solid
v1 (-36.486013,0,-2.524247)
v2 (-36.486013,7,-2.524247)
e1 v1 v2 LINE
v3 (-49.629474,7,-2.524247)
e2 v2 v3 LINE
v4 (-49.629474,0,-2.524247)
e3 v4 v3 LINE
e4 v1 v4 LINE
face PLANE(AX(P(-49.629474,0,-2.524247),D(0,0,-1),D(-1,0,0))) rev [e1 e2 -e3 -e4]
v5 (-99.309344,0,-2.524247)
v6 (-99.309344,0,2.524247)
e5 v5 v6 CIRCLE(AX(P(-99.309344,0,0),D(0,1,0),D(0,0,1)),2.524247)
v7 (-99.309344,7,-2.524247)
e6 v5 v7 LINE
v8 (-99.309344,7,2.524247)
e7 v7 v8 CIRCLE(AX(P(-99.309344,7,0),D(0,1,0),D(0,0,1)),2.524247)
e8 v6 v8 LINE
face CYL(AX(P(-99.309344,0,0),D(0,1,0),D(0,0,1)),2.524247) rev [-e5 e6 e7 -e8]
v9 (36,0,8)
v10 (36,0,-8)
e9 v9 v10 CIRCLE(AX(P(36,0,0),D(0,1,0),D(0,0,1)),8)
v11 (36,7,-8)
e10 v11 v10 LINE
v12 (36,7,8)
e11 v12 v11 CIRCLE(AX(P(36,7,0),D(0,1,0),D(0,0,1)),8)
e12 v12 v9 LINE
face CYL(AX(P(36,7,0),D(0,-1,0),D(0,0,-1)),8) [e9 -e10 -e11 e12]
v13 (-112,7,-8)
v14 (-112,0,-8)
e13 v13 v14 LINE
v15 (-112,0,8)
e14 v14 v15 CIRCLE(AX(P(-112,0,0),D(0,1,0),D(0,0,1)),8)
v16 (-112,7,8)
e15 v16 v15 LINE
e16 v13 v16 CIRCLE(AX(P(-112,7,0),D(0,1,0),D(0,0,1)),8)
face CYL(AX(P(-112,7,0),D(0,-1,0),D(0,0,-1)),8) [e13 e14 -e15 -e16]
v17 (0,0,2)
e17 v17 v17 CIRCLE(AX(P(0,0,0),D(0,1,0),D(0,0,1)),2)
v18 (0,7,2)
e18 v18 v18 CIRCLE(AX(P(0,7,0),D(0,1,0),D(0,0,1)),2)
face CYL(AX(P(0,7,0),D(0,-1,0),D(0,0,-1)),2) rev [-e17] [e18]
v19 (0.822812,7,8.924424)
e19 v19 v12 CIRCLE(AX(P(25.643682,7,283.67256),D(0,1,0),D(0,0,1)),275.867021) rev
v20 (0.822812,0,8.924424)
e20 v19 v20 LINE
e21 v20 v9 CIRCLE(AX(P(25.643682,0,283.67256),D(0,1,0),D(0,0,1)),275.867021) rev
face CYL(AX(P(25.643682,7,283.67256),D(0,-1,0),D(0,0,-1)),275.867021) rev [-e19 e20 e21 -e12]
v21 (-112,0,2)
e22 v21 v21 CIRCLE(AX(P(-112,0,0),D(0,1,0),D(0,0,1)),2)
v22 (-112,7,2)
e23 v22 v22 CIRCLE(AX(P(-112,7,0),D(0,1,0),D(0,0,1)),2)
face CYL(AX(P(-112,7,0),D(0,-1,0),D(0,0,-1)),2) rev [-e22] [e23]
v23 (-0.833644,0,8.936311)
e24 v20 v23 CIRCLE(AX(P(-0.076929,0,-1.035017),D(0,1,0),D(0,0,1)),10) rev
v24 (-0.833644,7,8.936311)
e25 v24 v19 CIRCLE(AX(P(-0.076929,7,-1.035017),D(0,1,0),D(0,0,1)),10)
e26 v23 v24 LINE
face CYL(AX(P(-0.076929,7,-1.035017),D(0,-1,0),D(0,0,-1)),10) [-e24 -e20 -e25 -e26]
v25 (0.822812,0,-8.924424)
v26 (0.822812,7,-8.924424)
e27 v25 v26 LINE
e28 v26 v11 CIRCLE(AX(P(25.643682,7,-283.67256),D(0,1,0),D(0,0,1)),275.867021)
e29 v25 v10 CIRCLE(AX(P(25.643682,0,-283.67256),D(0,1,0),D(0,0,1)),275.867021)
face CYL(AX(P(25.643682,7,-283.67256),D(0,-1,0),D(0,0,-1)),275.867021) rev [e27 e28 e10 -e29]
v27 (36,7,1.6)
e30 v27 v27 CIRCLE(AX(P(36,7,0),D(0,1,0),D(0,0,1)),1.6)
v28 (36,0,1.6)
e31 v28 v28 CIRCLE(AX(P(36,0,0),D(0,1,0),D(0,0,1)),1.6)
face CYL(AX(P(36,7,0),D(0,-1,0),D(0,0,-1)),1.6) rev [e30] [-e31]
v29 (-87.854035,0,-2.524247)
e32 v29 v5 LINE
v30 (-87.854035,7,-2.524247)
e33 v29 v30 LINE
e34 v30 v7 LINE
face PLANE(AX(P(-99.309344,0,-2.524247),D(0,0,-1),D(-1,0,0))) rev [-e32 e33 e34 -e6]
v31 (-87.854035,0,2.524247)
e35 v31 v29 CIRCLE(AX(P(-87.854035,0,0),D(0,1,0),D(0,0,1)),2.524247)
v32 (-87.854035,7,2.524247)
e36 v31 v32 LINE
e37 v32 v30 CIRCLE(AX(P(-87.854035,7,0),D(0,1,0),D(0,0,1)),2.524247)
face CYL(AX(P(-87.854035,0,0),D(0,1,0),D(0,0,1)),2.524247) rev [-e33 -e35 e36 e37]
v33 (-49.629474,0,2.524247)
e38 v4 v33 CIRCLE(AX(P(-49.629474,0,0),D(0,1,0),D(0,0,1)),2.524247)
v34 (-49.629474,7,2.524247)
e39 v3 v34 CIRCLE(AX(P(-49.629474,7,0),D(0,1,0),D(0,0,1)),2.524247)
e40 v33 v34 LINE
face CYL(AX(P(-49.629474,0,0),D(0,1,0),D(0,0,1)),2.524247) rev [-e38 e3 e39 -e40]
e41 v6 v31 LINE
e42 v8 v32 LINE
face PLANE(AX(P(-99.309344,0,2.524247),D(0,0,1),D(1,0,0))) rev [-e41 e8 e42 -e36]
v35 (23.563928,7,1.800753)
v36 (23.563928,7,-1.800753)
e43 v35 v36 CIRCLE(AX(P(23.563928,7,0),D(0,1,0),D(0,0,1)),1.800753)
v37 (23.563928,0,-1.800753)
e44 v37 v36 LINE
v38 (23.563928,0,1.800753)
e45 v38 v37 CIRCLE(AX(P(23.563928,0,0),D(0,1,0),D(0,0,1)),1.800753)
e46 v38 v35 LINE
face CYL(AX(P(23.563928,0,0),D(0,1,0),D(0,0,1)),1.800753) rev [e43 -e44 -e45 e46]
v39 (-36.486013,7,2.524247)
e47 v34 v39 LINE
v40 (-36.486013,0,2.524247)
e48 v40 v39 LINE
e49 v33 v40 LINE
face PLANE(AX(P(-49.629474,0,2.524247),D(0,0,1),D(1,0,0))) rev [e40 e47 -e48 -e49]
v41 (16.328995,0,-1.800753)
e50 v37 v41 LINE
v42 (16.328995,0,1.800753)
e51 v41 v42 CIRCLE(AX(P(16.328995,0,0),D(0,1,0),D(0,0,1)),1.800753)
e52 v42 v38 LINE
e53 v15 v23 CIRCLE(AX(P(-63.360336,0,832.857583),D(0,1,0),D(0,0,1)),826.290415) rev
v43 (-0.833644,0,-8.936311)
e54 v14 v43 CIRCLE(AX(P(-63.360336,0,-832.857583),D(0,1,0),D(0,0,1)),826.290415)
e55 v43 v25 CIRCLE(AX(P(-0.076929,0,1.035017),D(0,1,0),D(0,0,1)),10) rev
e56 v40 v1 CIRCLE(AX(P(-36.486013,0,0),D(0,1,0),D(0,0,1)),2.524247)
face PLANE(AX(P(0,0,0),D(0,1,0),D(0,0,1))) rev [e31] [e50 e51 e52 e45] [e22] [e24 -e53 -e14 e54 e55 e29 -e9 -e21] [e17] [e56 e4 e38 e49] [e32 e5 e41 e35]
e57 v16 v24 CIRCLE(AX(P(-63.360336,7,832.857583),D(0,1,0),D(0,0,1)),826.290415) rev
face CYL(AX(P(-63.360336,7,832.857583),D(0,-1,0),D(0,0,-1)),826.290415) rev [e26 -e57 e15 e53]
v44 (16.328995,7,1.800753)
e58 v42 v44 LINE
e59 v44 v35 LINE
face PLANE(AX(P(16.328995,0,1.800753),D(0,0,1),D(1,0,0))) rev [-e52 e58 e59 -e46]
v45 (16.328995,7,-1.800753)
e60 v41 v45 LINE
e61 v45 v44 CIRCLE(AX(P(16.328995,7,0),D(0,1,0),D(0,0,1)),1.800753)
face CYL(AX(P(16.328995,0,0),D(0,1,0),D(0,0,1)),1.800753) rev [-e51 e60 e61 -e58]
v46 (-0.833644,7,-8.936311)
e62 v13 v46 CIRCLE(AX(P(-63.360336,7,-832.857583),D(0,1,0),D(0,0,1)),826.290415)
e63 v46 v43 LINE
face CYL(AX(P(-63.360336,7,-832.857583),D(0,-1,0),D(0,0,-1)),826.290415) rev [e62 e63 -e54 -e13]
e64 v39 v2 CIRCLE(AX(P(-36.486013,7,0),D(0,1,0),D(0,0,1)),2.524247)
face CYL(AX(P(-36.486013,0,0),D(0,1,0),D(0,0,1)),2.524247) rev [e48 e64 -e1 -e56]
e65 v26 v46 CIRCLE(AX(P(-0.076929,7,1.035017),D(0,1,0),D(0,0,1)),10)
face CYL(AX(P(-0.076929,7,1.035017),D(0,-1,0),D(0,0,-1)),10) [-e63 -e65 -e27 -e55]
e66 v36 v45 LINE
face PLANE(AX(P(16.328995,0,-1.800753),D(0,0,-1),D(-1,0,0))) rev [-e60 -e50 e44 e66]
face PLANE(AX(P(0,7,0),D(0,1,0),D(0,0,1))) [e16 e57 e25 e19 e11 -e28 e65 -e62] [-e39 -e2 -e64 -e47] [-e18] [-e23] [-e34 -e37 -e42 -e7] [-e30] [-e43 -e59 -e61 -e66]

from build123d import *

# Parameters (mm, degrees)
SKETCH1_R           = 2
SKETCH1_R_2         = 1.6
BOSS_EXTRUDE1_DEPTH = 7
FILLET1_R           = 10
CUT_EXTRUDE1_DEPTH  = 7


with BuildPart() as part:
    # Sketch1 → Boss-Extrude1 (new body)
    with BuildSketch(Plane(origin=(0, 0, 0), x_dir=(1, 0, 0), z_dir=(0, 1, 0))):
        with BuildLine():
            ThreePointArc((-112, -8), (-55.983036626, -6.600102157), (0, -9))
            ThreePointArc((0, -9), (17.983664082, -7.911906937), (36, -8))
            ThreePointArc((36, -8), (44, 0), (36, 8))
            ThreePointArc((36, 8), (17.983664082, 7.911906937), (0, 9))
            ThreePointArc((0, 9), (-55.983036626, 6.600102157), (-112, 8))
            ThreePointArc((-112, 8), (-120, 0), (-112, -8))
        make_face()
        with Locations(Location((-112, 0, 0), (0, 0, 270))):
            Circle(SKETCH1_R, mode=Mode.SUBTRACT)
        with Locations(Location((0, 0, 0), (0, 0, 270))):
            Circle(SKETCH1_R, mode=Mode.SUBTRACT)
        with Locations(Location((36, 0, 0), (0, 0, 270))):
            Circle(SKETCH1_R_2, mode=Mode.SUBTRACT)
    extrude(amount=BOSS_EXTRUDE1_DEPTH)

    # Fillet1
    fillet1_edges = [part.edges().sort_by_distance(p)[0] for p in [
        (0, 3.5, 9),
        (0, 3.5, -9),
    ]]
    fillet(fillet1_edges, radius=FILLET1_R)

    # Sketch2 → Cut-Extrude1 (cut)
    with BuildSketch(Plane(origin=(0, 7, 0), x_dir=(1, 0, 0), z_dir=(0, 1, 0))):
        with BuildLine():
            Line((-99.309344494, 2.524246591), (-87.854034524, 2.524246591))
            ThreePointArc((-87.854034524, 2.524246591), (-85.329787933, 0), (-87.854034524, -2.524246591))
            Line((-87.854034524, -2.524246591), (-99.309344494, -2.524246591))
            ThreePointArc((-99.309344494, -2.524246591), (-101.833591085, 0), (-99.309344494, 2.524246591))
        make_face()
        with BuildLine():
            Line((-49.629473884, 2.524246591), (-36.48601297, 2.524246591))
            ThreePointArc((-36.48601297, 2.524246591), (-33.96176638, 0), (-36.48601297, -2.524246591))
            Line((-36.48601297, -2.524246591), (-49.629473884, -2.524246591))
            ThreePointArc((-49.629473884, -2.524246591), (-52.153720475, 0), (-49.629473884, 2.524246591))
        make_face()
        with BuildLine():
            Line((16.328995105, 1.800753329), (23.563927718, 1.800753329))
            ThreePointArc((23.563927718, 1.800753329), (25.364681048, 0), (23.563927718, -1.800753329))
            Line((23.563927718, -1.800753329), (16.328995105, -1.800753329))
            ThreePointArc((16.328995105, -1.800753329), (14.528241776, 0), (16.328995105, 1.800753329))
        make_face()
    extrude(amount=-CUT_EXTRUDE1_DEPTH, mode=Mode.SUBTRACT)


solid = part.part
